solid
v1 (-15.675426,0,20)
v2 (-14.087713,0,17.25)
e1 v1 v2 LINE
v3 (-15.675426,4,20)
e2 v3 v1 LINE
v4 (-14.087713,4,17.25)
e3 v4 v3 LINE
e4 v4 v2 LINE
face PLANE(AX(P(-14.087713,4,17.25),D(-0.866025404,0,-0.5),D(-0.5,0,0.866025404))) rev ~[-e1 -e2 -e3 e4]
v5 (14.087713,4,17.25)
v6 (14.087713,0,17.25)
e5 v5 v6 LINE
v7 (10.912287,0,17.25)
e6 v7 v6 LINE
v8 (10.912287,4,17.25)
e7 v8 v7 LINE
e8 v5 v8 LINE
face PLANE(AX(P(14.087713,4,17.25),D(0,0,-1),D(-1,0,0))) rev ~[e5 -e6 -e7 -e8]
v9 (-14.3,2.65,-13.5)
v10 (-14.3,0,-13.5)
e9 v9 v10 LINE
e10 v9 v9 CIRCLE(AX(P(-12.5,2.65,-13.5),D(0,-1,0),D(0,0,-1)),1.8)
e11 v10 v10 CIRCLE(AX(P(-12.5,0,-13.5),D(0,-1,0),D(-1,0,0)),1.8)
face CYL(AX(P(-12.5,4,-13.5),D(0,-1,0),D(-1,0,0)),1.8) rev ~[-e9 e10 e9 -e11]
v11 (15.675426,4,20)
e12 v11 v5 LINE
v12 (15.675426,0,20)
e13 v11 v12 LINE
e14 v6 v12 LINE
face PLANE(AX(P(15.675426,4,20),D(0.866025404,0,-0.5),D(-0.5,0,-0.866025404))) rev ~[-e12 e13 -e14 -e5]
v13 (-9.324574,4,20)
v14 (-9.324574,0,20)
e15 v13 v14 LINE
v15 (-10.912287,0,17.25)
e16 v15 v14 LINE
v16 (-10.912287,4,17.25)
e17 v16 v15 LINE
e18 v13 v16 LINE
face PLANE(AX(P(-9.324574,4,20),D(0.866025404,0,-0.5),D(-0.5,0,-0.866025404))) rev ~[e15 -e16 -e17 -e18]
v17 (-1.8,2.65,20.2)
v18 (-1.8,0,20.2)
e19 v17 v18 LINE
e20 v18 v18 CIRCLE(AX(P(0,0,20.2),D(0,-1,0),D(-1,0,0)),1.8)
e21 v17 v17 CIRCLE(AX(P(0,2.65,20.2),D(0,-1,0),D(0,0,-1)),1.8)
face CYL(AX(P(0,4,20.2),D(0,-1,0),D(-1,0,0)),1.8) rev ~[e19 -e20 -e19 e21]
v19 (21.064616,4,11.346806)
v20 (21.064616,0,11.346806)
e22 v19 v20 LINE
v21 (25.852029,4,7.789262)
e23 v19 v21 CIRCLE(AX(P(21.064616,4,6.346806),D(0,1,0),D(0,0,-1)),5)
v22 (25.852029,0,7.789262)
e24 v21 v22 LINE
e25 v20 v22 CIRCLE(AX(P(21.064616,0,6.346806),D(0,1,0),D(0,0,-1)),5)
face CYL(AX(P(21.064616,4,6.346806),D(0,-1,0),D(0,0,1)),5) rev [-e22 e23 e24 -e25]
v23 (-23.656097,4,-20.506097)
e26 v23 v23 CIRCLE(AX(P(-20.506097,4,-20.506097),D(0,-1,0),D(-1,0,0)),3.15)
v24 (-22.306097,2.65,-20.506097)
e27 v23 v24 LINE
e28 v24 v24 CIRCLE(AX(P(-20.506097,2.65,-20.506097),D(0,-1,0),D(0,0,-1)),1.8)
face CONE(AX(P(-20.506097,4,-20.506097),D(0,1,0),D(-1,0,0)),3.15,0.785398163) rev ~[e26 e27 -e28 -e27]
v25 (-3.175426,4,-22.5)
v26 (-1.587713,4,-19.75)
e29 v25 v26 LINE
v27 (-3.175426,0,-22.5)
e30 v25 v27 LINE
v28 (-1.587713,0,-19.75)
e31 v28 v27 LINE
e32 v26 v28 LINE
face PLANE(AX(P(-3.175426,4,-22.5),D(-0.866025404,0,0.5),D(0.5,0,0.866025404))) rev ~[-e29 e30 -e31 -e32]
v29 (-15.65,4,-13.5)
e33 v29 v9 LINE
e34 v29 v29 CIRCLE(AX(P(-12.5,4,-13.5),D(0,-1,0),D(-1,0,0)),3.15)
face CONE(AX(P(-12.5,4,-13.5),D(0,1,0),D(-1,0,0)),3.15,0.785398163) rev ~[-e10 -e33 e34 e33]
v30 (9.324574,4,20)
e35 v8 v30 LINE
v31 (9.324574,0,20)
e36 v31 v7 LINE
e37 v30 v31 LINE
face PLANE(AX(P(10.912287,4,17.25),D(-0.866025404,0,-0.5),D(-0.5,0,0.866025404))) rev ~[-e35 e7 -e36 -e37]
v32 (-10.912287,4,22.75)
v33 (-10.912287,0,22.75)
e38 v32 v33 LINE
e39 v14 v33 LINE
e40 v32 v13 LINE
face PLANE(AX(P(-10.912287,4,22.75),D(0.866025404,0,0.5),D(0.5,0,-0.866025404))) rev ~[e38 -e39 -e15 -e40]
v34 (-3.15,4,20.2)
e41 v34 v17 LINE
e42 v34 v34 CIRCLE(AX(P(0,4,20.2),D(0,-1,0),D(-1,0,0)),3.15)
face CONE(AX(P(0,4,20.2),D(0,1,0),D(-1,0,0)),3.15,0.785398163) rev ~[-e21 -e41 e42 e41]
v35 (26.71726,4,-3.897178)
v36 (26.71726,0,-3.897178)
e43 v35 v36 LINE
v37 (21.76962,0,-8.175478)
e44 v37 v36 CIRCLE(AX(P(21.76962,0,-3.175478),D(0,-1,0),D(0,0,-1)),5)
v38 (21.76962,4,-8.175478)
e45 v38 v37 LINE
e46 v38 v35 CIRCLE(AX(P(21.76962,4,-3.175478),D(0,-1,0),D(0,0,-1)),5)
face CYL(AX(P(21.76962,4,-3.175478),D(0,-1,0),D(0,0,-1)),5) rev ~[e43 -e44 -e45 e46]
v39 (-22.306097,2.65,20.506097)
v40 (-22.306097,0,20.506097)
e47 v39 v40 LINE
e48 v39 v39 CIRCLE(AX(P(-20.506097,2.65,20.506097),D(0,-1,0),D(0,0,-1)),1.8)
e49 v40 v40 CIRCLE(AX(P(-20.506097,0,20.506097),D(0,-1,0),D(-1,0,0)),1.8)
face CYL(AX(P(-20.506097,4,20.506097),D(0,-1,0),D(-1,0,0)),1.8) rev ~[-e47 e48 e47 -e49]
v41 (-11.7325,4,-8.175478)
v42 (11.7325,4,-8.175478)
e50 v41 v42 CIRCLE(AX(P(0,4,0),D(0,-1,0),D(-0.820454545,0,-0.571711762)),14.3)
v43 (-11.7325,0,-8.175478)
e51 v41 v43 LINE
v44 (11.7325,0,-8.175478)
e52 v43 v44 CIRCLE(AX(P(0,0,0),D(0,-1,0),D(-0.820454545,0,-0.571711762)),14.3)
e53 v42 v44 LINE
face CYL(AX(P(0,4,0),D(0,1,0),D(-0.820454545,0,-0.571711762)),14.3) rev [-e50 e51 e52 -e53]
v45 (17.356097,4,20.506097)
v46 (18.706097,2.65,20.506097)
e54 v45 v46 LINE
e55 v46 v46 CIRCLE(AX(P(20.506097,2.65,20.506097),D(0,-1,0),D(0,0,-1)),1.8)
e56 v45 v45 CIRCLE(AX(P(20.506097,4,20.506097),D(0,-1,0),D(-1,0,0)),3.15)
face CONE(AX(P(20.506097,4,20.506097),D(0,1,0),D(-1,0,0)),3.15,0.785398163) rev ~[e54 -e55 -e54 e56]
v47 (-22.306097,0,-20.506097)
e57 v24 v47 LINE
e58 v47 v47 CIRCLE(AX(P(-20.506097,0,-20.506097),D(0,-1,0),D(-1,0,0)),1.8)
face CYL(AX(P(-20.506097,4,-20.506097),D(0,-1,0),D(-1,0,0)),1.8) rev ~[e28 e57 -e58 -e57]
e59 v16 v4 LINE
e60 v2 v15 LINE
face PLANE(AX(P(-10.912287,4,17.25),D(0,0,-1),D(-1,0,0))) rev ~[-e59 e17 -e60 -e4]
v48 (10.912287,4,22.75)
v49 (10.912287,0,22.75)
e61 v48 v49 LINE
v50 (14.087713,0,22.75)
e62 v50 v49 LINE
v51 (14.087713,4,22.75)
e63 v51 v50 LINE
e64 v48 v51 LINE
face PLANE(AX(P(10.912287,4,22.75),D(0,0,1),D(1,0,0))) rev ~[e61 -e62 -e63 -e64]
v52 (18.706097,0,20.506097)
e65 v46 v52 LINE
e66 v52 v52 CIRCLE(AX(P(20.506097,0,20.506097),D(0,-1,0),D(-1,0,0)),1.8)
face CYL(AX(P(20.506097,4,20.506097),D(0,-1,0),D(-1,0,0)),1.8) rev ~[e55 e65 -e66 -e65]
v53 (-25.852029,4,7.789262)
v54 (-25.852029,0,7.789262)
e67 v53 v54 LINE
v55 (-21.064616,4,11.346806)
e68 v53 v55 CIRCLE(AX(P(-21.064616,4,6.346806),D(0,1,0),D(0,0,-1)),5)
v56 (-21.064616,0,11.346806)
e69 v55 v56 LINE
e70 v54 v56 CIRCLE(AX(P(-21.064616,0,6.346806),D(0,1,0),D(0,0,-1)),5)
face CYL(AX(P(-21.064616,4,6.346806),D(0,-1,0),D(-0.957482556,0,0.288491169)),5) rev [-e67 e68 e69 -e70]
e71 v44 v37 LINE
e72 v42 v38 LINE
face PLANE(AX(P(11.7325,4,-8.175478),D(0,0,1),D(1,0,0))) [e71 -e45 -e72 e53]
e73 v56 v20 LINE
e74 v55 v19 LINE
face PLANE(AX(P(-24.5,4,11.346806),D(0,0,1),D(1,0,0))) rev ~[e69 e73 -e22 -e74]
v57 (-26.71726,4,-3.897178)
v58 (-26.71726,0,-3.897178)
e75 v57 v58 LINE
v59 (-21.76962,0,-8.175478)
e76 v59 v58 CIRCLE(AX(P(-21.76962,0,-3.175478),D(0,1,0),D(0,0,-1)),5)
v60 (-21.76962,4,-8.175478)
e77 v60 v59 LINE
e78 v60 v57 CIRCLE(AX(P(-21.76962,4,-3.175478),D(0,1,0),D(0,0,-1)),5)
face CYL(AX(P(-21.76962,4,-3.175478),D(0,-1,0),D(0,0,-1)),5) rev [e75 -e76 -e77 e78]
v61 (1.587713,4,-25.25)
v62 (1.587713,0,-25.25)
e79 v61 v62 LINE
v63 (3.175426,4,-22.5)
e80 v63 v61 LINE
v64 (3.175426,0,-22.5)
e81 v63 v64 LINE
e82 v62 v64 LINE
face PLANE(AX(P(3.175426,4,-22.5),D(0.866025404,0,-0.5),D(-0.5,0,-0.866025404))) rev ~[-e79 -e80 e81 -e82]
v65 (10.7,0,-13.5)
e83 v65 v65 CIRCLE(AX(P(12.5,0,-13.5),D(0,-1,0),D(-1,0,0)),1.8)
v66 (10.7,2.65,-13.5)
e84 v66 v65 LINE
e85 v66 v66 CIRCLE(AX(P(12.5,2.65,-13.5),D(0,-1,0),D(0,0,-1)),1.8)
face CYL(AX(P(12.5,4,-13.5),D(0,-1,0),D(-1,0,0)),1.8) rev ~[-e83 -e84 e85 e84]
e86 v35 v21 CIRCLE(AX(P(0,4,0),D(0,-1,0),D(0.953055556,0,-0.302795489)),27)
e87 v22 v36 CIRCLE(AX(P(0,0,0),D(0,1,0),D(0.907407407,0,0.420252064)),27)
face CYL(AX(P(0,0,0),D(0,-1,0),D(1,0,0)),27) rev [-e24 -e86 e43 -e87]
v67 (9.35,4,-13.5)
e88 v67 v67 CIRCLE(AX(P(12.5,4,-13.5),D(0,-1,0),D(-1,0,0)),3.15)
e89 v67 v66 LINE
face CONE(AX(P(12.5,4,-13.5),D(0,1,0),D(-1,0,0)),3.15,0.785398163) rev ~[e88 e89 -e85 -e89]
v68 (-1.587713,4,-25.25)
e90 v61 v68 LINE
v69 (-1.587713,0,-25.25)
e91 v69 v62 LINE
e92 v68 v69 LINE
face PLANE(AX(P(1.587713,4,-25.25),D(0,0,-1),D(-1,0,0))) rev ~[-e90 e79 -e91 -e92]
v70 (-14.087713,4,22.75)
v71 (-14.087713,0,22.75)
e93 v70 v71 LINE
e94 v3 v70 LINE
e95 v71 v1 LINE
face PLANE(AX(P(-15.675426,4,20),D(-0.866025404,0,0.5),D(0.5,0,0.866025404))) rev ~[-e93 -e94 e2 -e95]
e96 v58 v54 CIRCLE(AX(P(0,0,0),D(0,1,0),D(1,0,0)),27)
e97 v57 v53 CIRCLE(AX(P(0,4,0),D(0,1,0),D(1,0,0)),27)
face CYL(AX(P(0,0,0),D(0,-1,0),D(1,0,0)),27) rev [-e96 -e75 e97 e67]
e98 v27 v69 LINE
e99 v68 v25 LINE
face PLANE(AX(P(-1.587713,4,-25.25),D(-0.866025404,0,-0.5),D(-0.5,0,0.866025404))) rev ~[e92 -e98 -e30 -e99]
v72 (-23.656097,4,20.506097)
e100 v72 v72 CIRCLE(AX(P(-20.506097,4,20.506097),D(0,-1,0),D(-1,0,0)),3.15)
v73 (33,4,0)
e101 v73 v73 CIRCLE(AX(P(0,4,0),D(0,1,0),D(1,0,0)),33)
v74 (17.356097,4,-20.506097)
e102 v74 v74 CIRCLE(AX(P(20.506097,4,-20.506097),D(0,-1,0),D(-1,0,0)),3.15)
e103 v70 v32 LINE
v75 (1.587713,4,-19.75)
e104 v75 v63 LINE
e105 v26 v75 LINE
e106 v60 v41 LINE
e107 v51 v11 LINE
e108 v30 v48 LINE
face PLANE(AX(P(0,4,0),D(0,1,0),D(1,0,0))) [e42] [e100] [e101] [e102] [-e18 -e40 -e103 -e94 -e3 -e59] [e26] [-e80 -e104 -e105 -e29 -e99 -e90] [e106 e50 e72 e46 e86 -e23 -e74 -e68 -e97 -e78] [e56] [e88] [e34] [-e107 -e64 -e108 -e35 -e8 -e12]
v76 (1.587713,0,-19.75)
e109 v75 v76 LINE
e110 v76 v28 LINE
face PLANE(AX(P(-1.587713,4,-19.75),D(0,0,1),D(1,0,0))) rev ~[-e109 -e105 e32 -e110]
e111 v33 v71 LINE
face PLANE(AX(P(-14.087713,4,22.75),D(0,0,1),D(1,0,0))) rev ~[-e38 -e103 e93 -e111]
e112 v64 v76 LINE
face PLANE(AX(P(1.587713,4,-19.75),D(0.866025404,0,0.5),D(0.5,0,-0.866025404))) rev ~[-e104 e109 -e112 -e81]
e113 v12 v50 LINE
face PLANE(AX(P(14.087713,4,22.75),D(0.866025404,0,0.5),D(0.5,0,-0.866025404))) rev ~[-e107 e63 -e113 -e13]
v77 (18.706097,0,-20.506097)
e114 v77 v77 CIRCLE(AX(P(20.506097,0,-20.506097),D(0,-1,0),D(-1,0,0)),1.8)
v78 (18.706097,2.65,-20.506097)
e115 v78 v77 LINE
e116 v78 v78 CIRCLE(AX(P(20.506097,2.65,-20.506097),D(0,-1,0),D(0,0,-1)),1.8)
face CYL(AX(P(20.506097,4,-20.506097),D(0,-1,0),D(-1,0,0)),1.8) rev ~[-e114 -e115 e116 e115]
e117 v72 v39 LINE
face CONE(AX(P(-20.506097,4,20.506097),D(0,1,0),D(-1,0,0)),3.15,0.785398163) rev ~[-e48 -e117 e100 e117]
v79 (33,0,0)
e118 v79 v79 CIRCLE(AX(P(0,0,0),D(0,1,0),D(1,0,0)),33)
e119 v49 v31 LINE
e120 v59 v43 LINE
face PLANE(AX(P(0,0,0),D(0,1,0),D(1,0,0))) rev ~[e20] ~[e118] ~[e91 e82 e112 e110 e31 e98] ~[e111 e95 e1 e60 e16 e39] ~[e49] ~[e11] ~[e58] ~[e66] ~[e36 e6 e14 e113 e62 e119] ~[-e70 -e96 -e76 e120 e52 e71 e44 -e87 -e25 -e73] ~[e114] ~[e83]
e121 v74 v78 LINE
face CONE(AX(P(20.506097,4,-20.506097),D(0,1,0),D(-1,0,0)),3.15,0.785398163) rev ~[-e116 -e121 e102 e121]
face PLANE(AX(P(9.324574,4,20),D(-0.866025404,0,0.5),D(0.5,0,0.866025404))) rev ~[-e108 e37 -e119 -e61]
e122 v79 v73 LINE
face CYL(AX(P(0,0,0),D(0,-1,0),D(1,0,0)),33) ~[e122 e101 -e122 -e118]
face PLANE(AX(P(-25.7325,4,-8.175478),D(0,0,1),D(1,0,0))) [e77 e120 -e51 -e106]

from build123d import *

# Parameters (mm, degrees)
SKETCH1_R                                       = 33
SKETCH1_R_2                                     = 27
BOSS_EXTRUDE1_DEPTH                             = 4
SKETCH2_R                                       = 1.5
SALIENTE_EXTRUIR1_DEPTH                         = 4
CORTAR_EXTRUIR1_REACH                           = 6
CROQUIS1_R                                      = 1.75
CSK_FOR_M3_FLAT_HEAD_MACHINE_SCREW1_D           = 3.6
CSK_FOR_M3_FLAT_HEAD_MACHINE_SCREW1_CSINK_D     = 6.3
CSK_FOR_M3_FLAT_HEAD_MACHINE_SCREW1_CSINK_ANGLE = 90
CSK_FOR_M3_FLAT_HEAD_MACHINE_SCREW2_D           = 3.6
CSK_FOR_M3_FLAT_HEAD_MACHINE_SCREW2_CSINK_D     = 6.3
CSK_FOR_M3_FLAT_HEAD_MACHINE_SCREW2_CSINK_ANGLE = 90
FILLET1_R                                       = 5


with BuildPart() as part:
    # Sketch1 → Boss-Extrude1 (new body)
    with BuildSketch(Plane(origin=(0, 0, 0), x_dir=(1, 0, 0), z_dir=(0, 1, 0))):
        Circle(SKETCH1_R)
        Circle(SKETCH1_R_2, mode=Mode.SUBTRACT)
    extrude(amount=BOSS_EXTRUDE1_DEPTH)

    # Sketch2 → Saliente-Extruir1 (add)
    with BuildSketch(Plane(origin=(0, 4, 0), x_dir=(1, 0, 0), z_dir=(0, 1, 0))):
        with BuildLine():
            Line((-24.5, -11.346805718), (24.5, -11.346805718))
            ThreePointArc((24.5, -11.346805718), (0, -27), (-24.5, -11.346805718))
        make_face()
        with Locations((0, -20.2)):
            Circle(SKETCH2_R, mode=Mode.SUBTRACT)
        with BuildLine():
            Line((-25.7325, 8.175478197), (-11.7325, 8.175478197))
            ThreePointArc((-11.7325, 8.175478197), (0, 14.3), (11.7325, 8.175478197))
            Line((11.7325, 8.175478197), (25.7325, 8.175478197))
            ThreePointArc((25.7325, 8.175478197), (0, 27), (-25.7325, 8.175478197))
        make_face()
        with Locations((-12.5, 13.5)):
            Circle(SKETCH2_R, mode=Mode.SUBTRACT)
        with Locations((12.5, 13.5)):
            Circle(SKETCH2_R, mode=Mode.SUBTRACT)
    extrude(amount=-SALIENTE_EXTRUIR1_DEPTH)

    # Croquis1 → Cortar-Extruir1 (cut, up to next)
    with BuildSketch(Plane(origin=(0, 4, 0), x_dir=(1, 0, 0), z_dir=(0, 1, 0)), mode=Mode.PRIVATE) as cortar_extruir1_sk1:
        with Locations((-20.506096654, 20.506096654)):
            Circle(CROQUIS1_R)
    cortar_extruir1_tool1 = extrude(cortar_extruir1_sk1.sketch, amount=-CORTAR_EXTRUIR1_REACH, mode=Mode.PRIVATE) & part.part
    add(cortar_extruir1_tool1.solids().sort_by_distance((-20.506097, 4, -20.506097))[0], mode=Mode.SUBTRACT)
    # Croquis1 → Cortar-Extruir1 (cut, up to next)
    with BuildSketch(Plane(origin=(0, 4, 0), x_dir=(1, 0, 0), z_dir=(0, 1, 0)), mode=Mode.PRIVATE) as cortar_extruir1_sk2:
        with Locations((20.506096654, 20.506096654)):
            Circle(CROQUIS1_R)
    cortar_extruir1_tool2 = extrude(cortar_extruir1_sk2.sketch, amount=-CORTAR_EXTRUIR1_REACH, mode=Mode.PRIVATE) & part.part
    add(cortar_extruir1_tool2.solids().sort_by_distance((20.506097, 4, -20.506097))[0], mode=Mode.SUBTRACT)
    # Croquis1 → Cortar-Extruir1 (cut, up to next)
    with BuildSketch(Plane(origin=(0, 4, 0), x_dir=(1, 0, 0), z_dir=(0, 1, 0)), mode=Mode.PRIVATE) as cortar_extruir1_sk3:
        with Locations((-20.506096654, -20.506096654)):
            Circle(CROQUIS1_R)
    cortar_extruir1_tool3 = extrude(cortar_extruir1_sk3.sketch, amount=-CORTAR_EXTRUIR1_REACH, mode=Mode.PRIVATE) & part.part
    add(cortar_extruir1_tool3.solids().sort_by_distance((-20.506097, 4, 20.506097))[0], mode=Mode.SUBTRACT)
    # Croquis1 → Cortar-Extruir1 (cut, up to next)
    with BuildSketch(Plane(origin=(0, 4, 0), x_dir=(1, 0, 0), z_dir=(0, 1, 0)), mode=Mode.PRIVATE) as cortar_extruir1_sk4:
        with Locations((20.506096654, -20.506096654)):
            Circle(CROQUIS1_R)
    cortar_extruir1_tool4 = extrude(cortar_extruir1_sk4.sketch, amount=-CORTAR_EXTRUIR1_REACH, mode=Mode.PRIVATE) & part.part
    add(cortar_extruir1_tool4.solids().sort_by_distance((20.506097, 4, 20.506097))[0], mode=Mode.SUBTRACT)
    # Croquis1 → Cortar-Extruir1 (cut, up to next)
    with BuildSketch(Plane(origin=(0, 4, 0), x_dir=(1, 0, 0), z_dir=(0, 1, 0)), mode=Mode.PRIVATE) as cortar_extruir1_sk5:
        Polygon((-9.324573519, -20), (-10.91228676, -17.25), (-14.08771324, -17.25), (-15.675426481, -20), (-14.08771324, -22.75), (-10.91228676, -22.75), align=None)
    cortar_extruir1_tool5 = extrude(cortar_extruir1_sk5.sketch, amount=-CORTAR_EXTRUIR1_REACH, mode=Mode.PRIVATE) & part.part
    add(cortar_extruir1_tool5.solids().sort_by_distance((-12.5, 4, 20))[0], mode=Mode.SUBTRACT)
    # Croquis1 → Cortar-Extruir1 (cut, up to next)
    with BuildSketch(Plane(origin=(0, 4, 0), x_dir=(1, 0, 0), z_dir=(0, 1, 0)), mode=Mode.PRIVATE) as cortar_extruir1_sk6:
        Polygon((15.675426481, -20), (14.08771324, -17.25), (10.91228676, -17.25), (9.324573519, -20), (10.91228676, -22.75), (14.08771324, -22.75), align=None)
    cortar_extruir1_tool6 = extrude(cortar_extruir1_sk6.sketch, amount=-CORTAR_EXTRUIR1_REACH, mode=Mode.PRIVATE) & part.part
    add(cortar_extruir1_tool6.solids().sort_by_distance((12.5, 4, 20))[0], mode=Mode.SUBTRACT)
    # Croquis1 → Cortar-Extruir1 (cut, up to next)
    with BuildSketch(Plane(origin=(0, 4, 0), x_dir=(1, 0, 0), z_dir=(0, 1, 0)), mode=Mode.PRIVATE) as cortar_extruir1_sk7:
        Polygon((3.175426481, 22.5), (1.58771324, 25.25), (-1.58771324, 25.25), (-3.175426481, 22.5), (-1.58771324, 19.75), (1.58771324, 19.75), align=None)
    cortar_extruir1_tool7 = extrude(cortar_extruir1_sk7.sketch, amount=-CORTAR_EXTRUIR1_REACH, mode=Mode.PRIVATE) & part.part
    add(cortar_extruir1_tool7.solids().sort_by_distance((0, 4, -22.5))[0], mode=Mode.SUBTRACT)

    # CSK for M3 Flat Head Machine Screw1 (through all)
    with Locations(Plane(origin=(0, 4, 0), x_dir=(1, 0, 0), z_dir=(0, 1, 0))):
        with Locations((-20.506096654, 20.506096654), (20.506096654, 20.506096654), (20.506096654, -20.506096654), (-20.506096654, -20.506096654)):
            CounterSinkHole(CSK_FOR_M3_FLAT_HEAD_MACHINE_SCREW1_D / 2, CSK_FOR_M3_FLAT_HEAD_MACHINE_SCREW1_CSINK_D / 2, counter_sink_angle=CSK_FOR_M3_FLAT_HEAD_MACHINE_SCREW1_CSINK_ANGLE)

    # CSK for M3 Flat Head Machine Screw2 (through all)
    with Locations(Plane(origin=(0, 4, 0), x_dir=(1, 0, 0), z_dir=(0, 1, 0))):
        with Locations((-12.5, 13.5), (12.5, 13.5), (0, -20.2)):
            CounterSinkHole(CSK_FOR_M3_FLAT_HEAD_MACHINE_SCREW2_D / 2, CSK_FOR_M3_FLAT_HEAD_MACHINE_SCREW2_CSINK_D / 2, counter_sink_angle=CSK_FOR_M3_FLAT_HEAD_MACHINE_SCREW2_CSINK_ANGLE)

    # Fillet1
    fillet1_edges = [part.edges().sort_by_distance(p)[0] for p in [
        (-25.7325, 2, -8.175478197),
        (25.7325, 2, -8.175478197),
        (24.5, 2, 11.346805718),
        (-24.5, 2, 11.346805718),
    ]]
    fillet(fillet1_edges, radius=FILLET1_R)


solid = part.part
